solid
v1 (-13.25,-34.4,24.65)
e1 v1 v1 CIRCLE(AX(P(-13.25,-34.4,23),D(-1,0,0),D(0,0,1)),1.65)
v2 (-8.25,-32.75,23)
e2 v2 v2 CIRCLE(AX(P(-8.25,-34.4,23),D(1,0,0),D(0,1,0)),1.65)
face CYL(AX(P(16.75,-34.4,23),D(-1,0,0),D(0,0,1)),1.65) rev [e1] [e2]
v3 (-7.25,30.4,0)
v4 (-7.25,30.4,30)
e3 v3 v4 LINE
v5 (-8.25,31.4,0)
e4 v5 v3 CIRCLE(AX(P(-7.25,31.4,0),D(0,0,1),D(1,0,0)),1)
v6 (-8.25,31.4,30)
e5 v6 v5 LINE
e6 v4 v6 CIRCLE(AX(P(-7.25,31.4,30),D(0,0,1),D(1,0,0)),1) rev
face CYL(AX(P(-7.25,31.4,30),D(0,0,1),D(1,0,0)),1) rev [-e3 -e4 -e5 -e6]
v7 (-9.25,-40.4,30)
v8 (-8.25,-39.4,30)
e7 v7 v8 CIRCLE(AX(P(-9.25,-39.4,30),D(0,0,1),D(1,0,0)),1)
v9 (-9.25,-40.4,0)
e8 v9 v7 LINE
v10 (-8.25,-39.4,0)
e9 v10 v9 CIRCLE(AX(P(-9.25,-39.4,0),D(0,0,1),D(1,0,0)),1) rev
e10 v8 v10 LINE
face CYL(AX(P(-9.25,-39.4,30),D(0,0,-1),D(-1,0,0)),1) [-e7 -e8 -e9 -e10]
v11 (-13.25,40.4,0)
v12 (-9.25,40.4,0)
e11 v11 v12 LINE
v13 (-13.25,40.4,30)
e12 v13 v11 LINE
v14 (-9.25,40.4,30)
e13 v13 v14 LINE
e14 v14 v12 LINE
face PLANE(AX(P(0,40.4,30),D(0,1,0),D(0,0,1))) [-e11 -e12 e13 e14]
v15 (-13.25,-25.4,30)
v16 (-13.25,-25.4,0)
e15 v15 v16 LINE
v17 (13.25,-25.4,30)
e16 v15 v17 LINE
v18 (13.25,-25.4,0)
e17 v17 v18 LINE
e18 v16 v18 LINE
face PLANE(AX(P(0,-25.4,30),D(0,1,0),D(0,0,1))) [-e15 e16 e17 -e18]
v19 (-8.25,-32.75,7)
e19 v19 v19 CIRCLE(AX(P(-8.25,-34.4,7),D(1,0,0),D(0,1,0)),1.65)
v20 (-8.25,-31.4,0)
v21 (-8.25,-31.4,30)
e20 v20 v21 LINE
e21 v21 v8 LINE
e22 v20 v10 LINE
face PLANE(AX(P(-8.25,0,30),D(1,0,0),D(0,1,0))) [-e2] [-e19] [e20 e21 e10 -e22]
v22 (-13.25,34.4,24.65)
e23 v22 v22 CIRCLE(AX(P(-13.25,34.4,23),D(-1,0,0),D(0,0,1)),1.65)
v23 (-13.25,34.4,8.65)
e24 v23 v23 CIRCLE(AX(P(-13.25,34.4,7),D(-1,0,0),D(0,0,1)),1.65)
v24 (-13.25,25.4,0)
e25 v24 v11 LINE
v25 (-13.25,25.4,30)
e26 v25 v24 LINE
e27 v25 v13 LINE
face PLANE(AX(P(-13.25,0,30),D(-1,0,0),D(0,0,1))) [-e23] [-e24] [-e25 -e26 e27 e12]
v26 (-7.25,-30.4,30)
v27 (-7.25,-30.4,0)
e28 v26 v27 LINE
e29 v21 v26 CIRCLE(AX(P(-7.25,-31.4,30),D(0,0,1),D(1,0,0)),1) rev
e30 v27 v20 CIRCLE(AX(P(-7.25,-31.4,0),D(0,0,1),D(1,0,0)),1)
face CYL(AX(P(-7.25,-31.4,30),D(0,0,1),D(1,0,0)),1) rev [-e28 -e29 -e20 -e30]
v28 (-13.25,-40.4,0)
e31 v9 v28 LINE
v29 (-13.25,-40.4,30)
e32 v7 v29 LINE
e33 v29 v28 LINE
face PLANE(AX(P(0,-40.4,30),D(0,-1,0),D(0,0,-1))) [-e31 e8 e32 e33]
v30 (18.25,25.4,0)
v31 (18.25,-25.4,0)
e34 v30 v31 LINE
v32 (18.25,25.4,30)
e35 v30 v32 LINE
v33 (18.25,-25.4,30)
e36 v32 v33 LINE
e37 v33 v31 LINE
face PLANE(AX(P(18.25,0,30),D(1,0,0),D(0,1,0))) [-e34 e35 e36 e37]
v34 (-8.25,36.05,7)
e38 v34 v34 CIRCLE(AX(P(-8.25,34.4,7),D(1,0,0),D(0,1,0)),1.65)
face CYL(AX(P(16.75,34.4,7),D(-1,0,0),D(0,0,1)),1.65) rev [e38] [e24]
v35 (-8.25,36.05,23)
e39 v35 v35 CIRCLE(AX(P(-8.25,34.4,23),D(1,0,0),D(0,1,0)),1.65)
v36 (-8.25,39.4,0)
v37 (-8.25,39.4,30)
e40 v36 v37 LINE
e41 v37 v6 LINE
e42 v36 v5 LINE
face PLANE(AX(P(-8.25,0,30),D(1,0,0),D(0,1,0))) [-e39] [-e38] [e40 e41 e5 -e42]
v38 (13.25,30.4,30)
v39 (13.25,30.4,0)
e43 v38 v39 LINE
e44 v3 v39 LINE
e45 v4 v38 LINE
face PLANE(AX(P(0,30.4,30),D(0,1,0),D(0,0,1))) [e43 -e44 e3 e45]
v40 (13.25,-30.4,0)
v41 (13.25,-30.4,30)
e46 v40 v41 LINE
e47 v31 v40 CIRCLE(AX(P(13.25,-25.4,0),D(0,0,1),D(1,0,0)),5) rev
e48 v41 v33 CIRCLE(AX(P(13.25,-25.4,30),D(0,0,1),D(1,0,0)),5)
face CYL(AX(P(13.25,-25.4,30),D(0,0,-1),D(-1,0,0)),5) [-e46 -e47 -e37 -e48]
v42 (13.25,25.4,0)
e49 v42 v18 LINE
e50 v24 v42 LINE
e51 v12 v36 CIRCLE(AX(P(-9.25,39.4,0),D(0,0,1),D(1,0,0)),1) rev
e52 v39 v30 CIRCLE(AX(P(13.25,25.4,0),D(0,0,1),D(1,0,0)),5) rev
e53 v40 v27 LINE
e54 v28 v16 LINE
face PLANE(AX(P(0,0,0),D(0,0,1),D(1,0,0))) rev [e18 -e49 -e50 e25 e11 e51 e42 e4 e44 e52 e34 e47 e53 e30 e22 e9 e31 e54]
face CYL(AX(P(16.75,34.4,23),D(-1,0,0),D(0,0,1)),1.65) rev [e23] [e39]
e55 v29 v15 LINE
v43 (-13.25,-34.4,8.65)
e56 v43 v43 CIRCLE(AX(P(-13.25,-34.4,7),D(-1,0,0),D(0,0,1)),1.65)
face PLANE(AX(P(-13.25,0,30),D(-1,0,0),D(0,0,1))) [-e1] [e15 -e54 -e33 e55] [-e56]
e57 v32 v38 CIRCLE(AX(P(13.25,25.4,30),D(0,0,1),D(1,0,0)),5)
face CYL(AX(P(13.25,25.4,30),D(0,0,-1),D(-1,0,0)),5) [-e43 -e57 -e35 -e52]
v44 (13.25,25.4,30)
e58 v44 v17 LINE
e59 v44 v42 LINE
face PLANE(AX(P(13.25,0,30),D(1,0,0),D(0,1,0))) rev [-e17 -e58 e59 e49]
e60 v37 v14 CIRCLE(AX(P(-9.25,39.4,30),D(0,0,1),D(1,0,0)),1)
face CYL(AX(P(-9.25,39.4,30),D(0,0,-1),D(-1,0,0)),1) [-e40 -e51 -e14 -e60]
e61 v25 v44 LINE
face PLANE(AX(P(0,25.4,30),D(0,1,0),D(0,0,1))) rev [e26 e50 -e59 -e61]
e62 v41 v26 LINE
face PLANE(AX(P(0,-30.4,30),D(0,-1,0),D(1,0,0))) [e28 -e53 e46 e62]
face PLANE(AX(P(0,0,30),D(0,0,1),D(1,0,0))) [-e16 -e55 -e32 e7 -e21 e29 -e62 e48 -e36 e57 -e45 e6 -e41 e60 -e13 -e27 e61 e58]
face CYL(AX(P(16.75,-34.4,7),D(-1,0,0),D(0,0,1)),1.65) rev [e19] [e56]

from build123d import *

# Parameters (mm, degrees)
BOSS_EXTRUDE1_DEPTH = 30
SKETCH2_R           = 1.65
CUT_EXTRUDE2_DEPTH  = 30
FILLET1_R           = 5
FILLET2_R           = 1


with BuildPart() as part:
    # Sketch1 → Boss-Extrude1 (new body)
    with BuildSketch(Plane.XY):
        Polygon((-13.25, -40.4), (-13.25, -25.4), (13.25, -25.4), (13.25, 25.4), (-13.25, 25.4), (-13.25, 40.4), (-8.25, 40.4), (-8.25, 30.4), (18.25, 30.4), (18.25, -30.4), (-8.25, -30.4), (-8.25, -40.4), align=None)
    extrude(amount=BOSS_EXTRUDE1_DEPTH)

    # Sketch2 → Cut-Extrude2 (cut)
    with BuildSketch(Plane.ZY.offset(13.25)):
        with Locations((7, 34.4)):
            Circle(SKETCH2_R)
        with Locations((23, 34.4)):
            Circle(SKETCH2_R)
        with Locations((7, -34.4)):
            Circle(SKETCH2_R)
        with Locations((23, -34.4)):
            Circle(SKETCH2_R)
    extrude(amount=-CUT_EXTRUDE2_DEPTH, mode=Mode.SUBTRACT)

    # Fillet1
    fillet1_edges = [part.edges().sort_by_distance(p)[0] for p in [
        (18.25, 30.4, 15),
        (18.25, -30.4, 15),
    ]]
    fillet(fillet1_edges, radius=FILLET1_R)

    # Fillet2
    fillet2_edges = [part.edges().sort_by_distance(p)[0] for p in [
        (-8.25, 40.4, 15),
        (-8.25, 30.4, 15),
        (-8.25, -30.4, 15),
        (-8.25, -40.4, 15),
    ]]
    fillet(fillet2_edges, radius=FILLET2_R)


solid = part.part
